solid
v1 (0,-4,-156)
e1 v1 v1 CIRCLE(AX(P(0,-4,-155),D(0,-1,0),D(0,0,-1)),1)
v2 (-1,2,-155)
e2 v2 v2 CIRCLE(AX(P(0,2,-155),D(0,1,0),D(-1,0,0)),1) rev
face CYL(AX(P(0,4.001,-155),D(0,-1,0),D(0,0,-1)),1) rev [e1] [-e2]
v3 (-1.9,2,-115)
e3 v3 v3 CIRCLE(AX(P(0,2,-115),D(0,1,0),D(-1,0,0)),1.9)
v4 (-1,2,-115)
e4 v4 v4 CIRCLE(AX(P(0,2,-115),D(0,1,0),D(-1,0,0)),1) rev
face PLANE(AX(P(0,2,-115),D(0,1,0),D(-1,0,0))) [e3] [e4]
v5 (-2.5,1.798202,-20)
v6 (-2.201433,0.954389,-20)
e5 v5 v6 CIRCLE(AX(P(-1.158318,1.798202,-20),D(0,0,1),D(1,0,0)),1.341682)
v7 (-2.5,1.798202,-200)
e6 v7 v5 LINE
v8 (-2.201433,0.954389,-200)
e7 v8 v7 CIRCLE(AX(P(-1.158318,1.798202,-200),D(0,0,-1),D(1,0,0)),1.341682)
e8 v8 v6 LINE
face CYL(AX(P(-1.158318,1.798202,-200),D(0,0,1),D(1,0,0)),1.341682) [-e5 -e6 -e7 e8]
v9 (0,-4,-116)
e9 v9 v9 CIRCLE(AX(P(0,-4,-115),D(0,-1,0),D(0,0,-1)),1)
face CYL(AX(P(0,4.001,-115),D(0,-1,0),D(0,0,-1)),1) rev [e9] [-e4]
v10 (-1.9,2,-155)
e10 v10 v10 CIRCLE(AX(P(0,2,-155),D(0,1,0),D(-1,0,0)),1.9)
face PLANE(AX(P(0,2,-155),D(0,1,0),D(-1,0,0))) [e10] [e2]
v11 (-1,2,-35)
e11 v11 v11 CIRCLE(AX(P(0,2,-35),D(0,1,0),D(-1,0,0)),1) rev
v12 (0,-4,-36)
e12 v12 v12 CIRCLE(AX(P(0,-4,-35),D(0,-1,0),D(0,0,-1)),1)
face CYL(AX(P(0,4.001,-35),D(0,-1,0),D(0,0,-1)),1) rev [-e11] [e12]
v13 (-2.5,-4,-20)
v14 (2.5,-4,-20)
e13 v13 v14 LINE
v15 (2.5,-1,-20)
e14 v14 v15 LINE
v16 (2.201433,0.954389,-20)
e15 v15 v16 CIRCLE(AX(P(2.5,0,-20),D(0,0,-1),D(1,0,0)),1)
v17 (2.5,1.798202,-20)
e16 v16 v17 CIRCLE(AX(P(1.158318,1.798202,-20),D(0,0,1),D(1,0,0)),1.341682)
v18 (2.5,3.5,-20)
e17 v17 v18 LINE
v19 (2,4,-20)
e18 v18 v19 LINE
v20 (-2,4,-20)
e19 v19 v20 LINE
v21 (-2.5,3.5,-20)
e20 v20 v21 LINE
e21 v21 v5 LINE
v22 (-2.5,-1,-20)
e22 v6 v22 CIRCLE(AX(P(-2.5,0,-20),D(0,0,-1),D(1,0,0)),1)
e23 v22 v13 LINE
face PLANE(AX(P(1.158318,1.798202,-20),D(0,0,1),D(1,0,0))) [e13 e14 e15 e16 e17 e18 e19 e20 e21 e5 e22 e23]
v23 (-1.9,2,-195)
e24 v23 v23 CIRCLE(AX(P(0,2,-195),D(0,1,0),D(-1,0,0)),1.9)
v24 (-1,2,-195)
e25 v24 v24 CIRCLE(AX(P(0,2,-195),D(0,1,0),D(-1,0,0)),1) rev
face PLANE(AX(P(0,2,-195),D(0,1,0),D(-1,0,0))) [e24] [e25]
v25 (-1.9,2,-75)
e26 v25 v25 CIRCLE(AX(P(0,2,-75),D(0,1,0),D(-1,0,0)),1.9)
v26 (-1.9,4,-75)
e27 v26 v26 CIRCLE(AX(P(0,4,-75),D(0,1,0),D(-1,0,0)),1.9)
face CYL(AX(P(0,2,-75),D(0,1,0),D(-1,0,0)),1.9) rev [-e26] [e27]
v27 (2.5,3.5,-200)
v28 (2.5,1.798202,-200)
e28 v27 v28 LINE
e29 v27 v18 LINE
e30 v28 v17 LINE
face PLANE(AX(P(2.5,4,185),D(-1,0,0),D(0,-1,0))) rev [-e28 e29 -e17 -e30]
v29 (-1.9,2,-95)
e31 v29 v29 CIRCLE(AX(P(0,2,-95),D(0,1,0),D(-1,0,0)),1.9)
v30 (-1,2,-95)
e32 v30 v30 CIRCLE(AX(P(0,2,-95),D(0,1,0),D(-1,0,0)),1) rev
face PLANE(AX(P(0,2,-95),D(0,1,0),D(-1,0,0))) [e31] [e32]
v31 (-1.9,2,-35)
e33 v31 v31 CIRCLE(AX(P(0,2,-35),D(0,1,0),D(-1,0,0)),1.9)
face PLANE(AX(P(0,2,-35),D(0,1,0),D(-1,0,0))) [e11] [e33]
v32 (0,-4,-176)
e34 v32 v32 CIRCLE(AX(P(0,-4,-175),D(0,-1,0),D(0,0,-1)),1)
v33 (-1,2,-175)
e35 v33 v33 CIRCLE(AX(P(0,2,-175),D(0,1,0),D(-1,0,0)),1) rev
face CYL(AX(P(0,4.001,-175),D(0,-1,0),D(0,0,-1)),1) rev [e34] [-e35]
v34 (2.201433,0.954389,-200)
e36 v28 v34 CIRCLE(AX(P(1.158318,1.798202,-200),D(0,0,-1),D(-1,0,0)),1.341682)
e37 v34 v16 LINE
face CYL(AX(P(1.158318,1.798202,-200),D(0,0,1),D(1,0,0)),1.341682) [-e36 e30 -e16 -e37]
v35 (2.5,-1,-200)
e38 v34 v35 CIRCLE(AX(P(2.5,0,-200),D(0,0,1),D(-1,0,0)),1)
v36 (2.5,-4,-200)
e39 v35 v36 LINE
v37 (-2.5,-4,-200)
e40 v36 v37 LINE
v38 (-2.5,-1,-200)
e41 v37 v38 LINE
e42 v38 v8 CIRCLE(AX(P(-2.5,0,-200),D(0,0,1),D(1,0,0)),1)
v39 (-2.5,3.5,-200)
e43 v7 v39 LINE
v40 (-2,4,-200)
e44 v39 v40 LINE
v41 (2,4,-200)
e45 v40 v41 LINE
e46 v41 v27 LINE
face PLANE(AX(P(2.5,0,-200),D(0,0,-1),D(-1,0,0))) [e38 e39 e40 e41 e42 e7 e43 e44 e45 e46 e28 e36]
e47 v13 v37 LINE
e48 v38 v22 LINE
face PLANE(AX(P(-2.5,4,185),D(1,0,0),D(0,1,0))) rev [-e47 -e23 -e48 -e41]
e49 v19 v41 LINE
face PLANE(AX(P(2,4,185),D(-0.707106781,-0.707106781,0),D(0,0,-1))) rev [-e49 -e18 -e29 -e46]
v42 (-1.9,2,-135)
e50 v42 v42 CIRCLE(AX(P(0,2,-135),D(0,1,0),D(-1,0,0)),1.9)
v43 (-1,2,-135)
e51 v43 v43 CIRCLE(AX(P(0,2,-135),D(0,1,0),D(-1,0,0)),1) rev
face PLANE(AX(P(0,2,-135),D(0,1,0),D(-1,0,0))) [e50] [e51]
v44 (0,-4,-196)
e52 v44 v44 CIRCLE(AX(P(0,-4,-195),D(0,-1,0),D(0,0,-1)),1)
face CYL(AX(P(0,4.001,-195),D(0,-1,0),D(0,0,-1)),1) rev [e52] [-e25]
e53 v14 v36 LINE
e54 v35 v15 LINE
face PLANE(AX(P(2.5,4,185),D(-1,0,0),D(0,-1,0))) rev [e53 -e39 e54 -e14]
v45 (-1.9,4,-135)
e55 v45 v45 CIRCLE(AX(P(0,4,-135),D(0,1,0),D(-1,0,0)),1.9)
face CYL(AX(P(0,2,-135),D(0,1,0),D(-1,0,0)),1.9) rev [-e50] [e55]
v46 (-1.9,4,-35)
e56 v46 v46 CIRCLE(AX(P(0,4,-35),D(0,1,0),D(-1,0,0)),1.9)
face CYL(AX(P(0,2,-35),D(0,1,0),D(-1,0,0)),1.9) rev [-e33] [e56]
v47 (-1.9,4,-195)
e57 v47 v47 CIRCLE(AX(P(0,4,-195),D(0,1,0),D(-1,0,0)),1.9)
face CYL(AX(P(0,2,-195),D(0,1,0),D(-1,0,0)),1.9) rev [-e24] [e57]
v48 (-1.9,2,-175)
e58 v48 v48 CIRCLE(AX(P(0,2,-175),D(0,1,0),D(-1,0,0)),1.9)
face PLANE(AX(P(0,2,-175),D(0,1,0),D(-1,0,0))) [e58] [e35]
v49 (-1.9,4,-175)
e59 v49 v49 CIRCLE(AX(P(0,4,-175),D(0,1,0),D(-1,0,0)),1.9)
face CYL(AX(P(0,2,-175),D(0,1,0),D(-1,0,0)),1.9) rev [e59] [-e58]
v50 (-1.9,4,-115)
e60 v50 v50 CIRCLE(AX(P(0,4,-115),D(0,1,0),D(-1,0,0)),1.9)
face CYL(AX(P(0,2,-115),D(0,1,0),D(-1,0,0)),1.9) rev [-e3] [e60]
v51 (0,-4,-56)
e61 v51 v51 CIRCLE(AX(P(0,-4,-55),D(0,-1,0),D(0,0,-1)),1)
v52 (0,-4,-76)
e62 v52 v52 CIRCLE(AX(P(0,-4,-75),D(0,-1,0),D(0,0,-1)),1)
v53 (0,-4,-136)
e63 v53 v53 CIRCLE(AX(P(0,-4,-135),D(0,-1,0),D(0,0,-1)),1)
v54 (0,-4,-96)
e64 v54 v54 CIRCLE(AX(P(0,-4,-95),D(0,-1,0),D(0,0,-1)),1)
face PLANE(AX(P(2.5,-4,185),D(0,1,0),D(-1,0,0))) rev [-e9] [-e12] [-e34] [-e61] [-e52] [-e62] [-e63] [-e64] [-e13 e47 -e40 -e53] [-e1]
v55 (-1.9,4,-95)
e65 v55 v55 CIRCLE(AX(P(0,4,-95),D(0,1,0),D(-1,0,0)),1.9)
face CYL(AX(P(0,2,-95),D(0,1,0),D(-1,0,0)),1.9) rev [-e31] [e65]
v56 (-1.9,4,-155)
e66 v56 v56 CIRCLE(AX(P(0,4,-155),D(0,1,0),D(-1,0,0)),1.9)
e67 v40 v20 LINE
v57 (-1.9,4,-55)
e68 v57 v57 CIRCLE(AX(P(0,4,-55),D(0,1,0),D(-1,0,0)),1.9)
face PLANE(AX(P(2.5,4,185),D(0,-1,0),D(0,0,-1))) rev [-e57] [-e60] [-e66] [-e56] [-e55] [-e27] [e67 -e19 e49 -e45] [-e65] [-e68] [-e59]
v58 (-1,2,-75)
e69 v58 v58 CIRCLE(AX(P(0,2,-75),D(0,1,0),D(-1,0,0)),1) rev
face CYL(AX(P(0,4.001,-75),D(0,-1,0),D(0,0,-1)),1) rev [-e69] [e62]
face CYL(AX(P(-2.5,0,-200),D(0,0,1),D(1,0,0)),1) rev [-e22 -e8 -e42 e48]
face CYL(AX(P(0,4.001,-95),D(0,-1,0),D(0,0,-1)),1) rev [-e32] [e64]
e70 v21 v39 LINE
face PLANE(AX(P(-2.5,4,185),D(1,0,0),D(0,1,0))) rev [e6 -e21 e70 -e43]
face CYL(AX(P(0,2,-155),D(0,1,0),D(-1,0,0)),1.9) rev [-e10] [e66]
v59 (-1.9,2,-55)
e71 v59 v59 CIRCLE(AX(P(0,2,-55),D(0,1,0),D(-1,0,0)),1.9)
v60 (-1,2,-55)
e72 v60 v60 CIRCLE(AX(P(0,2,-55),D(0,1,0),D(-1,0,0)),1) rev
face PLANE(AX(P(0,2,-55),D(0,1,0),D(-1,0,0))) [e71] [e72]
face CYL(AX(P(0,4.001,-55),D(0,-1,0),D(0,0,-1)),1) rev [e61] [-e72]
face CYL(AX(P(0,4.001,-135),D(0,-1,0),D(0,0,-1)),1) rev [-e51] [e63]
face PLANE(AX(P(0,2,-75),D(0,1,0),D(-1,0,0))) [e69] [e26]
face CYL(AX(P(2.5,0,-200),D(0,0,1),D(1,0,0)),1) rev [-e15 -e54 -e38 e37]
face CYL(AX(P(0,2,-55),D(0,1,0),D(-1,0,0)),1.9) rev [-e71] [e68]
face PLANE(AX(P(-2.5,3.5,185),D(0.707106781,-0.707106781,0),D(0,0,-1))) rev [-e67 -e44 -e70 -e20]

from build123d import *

# Parameters (mm, degrees)
SKETCH1_W           = 5
SKETCH1_H           = 8
BOSS_EXTRUDE1_DEPTH = 185
BOSS_EXTRUDE2_DEPTH = 200
SKETCH3_W           = 5
SKETCH3_H           = 8
CUT_EXTRUDE1_DEPTH  = 200
CUT_EXTRUDE2_REACH  = 202.176
SKETCH4_R           = 1
SKETCH5_R           = 1.9
CUT_EXTRUDE3_DEPTH  = 2
CHAMFER1_SIZE       = 0.5
CHAMFER2_SIZE       = 0.5
CUT_EXTRUDE4_DEPTH  = 5


with BuildPart() as part:
    # Sketch1 → Boss-Extrude1 (new body)
    with BuildSketch(Plane.XY):
        Rectangle(SKETCH1_W, SKETCH1_H)
    extrude(amount=BOSS_EXTRUDE1_DEPTH)

    # Sketch2 → Boss-Extrude2 (add)
    with BuildSketch(Plane(origin=(0, 0, 0), x_dir=(-1, 0, 0), z_dir=(0, 0, -1))):
        with BuildLine():
            Line((-2.5, 4), (-2.5, 1.798202453))
            ThreePointArc((-2.5, 1.798202453), (-2.423157727, 1.350663613), (-2.2014329, 0.954388646))
            ThreePointArc((-2.2014329, 0.954388646), (-1.511468603, -0.151015487), (-2.5, -1))
            Line((-2.5, -1), (-2.5, -4))
            Line((-2.5, -4), (2.5, -4))
            Line((2.5, -4), (2.5, -1))
            ThreePointArc((2.5, -1), (1.511468603, -0.151015487), (2.2014329, 0.954388646))
            ThreePointArc((2.2014329, 0.954388646), (2.423157727, 1.350663613), (2.5, 1.798202453))
            Line((2.5, 1.798202453), (2.5, 4))
            Line((2.5, 4), (-2.5, 4))
        make_face()
    extrude(amount=BOSS_EXTRUDE2_DEPTH)

    # Sketch3 → Cut-Extrude1 (cut)
    with BuildSketch(Plane.XY.offset(185)):
        Rectangle(SKETCH3_W, SKETCH3_H)
    extrude(amount=-CUT_EXTRUDE1_DEPTH, mode=Mode.SUBTRACT)

    # Sketch4 → Cut-Extrude2 (cut, up to next)
    with BuildSketch(Plane.XZ.offset(4), mode=Mode.PRIVATE) as cut_extrude2_sk1:
        with Locations(Location((0, -35, 0), (0, 0, 270))):
            Circle(SKETCH4_R)
    cut_extrude2_tool1 = extrude(cut_extrude2_sk1.sketch, amount=-CUT_EXTRUDE2_REACH, mode=Mode.PRIVATE) & part.part
    # Sketch4 → Cut-Extrude2 (cut, up to next)
    with BuildSketch(Plane.XZ.offset(4), mode=Mode.PRIVATE) as cut_extrude2_sk2:
        with Locations(Location((0, -55, 0), (0, 0, 270))):
            Circle(SKETCH4_R)
    cut_extrude2_tool2 = extrude(cut_extrude2_sk2.sketch, amount=-CUT_EXTRUDE2_REACH, mode=Mode.PRIVATE) & part.part
    # Sketch4 → Cut-Extrude2 (cut, up to next)
    with BuildSketch(Plane.XZ.offset(4), mode=Mode.PRIVATE) as cut_extrude2_sk3:
        with Locations(Location((0, -75, 0), (0, 0, 270))):
            Circle(SKETCH4_R)
    cut_extrude2_tool3 = extrude(cut_extrude2_sk3.sketch, amount=-CUT_EXTRUDE2_REACH, mode=Mode.PRIVATE) & part.part
    # Sketch4 → Cut-Extrude2 (cut, up to next)
    with BuildSketch(Plane.XZ.offset(4), mode=Mode.PRIVATE) as cut_extrude2_sk4:
        with Locations(Location((0, -95, 0), (0, 0, 270))):
            Circle(SKETCH4_R)
    cut_extrude2_tool4 = extrude(cut_extrude2_sk4.sketch, amount=-CUT_EXTRUDE2_REACH, mode=Mode.PRIVATE) & part.part
    # Sketch4 → Cut-Extrude2 (cut, up to next)
    with BuildSketch(Plane.XZ.offset(4), mode=Mode.PRIVATE) as cut_extrude2_sk5:
        with Locations(Location((0, -115, 0), (0, 0, 270))):
            Circle(SKETCH4_R)
    cut_extrude2_tool5 = extrude(cut_extrude2_sk5.sketch, amount=-CUT_EXTRUDE2_REACH, mode=Mode.PRIVATE) & part.part
    # Sketch4 → Cut-Extrude2 (cut, up to next)
    with BuildSketch(Plane.XZ.offset(4), mode=Mode.PRIVATE) as cut_extrude2_sk6:
        with Locations(Location((0, -135, 0), (0, 0, 270))):
            Circle(SKETCH4_R)
    cut_extrude2_tool6 = extrude(cut_extrude2_sk6.sketch, amount=-CUT_EXTRUDE2_REACH, mode=Mode.PRIVATE) & part.part
    # Sketch4 → Cut-Extrude2 (cut, up to next)
    with BuildSketch(Plane.XZ.offset(4), mode=Mode.PRIVATE) as cut_extrude2_sk7:
        with Locations(Location((0, -155, 0), (0, 0, 270))):
            Circle(SKETCH4_R)
    cut_extrude2_tool7 = extrude(cut_extrude2_sk7.sketch, amount=-CUT_EXTRUDE2_REACH, mode=Mode.PRIVATE) & part.part
    # Sketch4 → Cut-Extrude2 (cut, up to next)
    with BuildSketch(Plane.XZ.offset(4), mode=Mode.PRIVATE) as cut_extrude2_sk8:
        with Locations(Location((0, -175, 0), (0, 0, 270))):
            Circle(SKETCH4_R)
    cut_extrude2_tool8 = extrude(cut_extrude2_sk8.sketch, amount=-CUT_EXTRUDE2_REACH, mode=Mode.PRIVATE) & part.part
    # Sketch4 → Cut-Extrude2 (cut, up to next)
    with BuildSketch(Plane.XZ.offset(4), mode=Mode.PRIVATE) as cut_extrude2_sk9:
        with Locations(Location((0, -195, 0), (0, 0, 270))):
            Circle(SKETCH4_R)
    cut_extrude2_tool9 = extrude(cut_extrude2_sk9.sketch, amount=-CUT_EXTRUDE2_REACH, mode=Mode.PRIVATE) & part.part
    add(cut_extrude2_tool1.solids().sort_by_distance((0, -4, -35))[0], mode=Mode.SUBTRACT)
    add(cut_extrude2_tool2.solids().sort_by_distance((0, -4, -55))[0], mode=Mode.SUBTRACT)
    add(cut_extrude2_tool3.solids().sort_by_distance((0, -4, -75))[0], mode=Mode.SUBTRACT)
    add(cut_extrude2_tool4.solids().sort_by_distance((0, -4, -95))[0], mode=Mode.SUBTRACT)
    add(cut_extrude2_tool5.solids().sort_by_distance((0, -4, -115))[0], mode=Mode.SUBTRACT)
    add(cut_extrude2_tool6.solids().sort_by_distance((0, -4, -135))[0], mode=Mode.SUBTRACT)
    add(cut_extrude2_tool7.solids().sort_by_distance((0, -4, -155))[0], mode=Mode.SUBTRACT)
    add(cut_extrude2_tool8.solids().sort_by_distance((0, -4, -175))[0], mode=Mode.SUBTRACT)
    add(cut_extrude2_tool9.solids().sort_by_distance((0, -4, -195))[0], mode=Mode.SUBTRACT)

    # Sketch5 → Cut-Extrude3 (cut)
    with BuildSketch(Plane(origin=(0, 4, 0), x_dir=(1, 0, 0), z_dir=(0, 1, 0))):
        with Locations(Location((0, 195, 0), (0, 0, 180))):
            Circle(SKETCH5_R)
        with Locations(Location((0, 175, 0), (0, 0, 180))):
            Circle(SKETCH5_R)
        with Locations(Location((0, 155, 0), (0, 0, 180))):
            Circle(SKETCH5_R)
        with Locations(Location((0, 135, 0), (0, 0, 180))):
            Circle(SKETCH5_R)
        with Locations(Location((0, 115, 0), (0, 0, 180))):
            Circle(SKETCH5_R)
        with Locations(Location((0, 95, 0), (0, 0, 180))):
            Circle(SKETCH5_R)
        with Locations(Location((0, 75, 0), (0, 0, 180))):
            Circle(SKETCH5_R)
        with Locations(Location((0, 55, 0), (0, 0, 180))):
            Circle(SKETCH5_R)
        with Locations(Location((0, 35, 0), (0, 0, 180))):
            Circle(SKETCH5_R)
    extrude(amount=-CUT_EXTRUDE3_DEPTH, mode=Mode.SUBTRACT)

    # Chamfer1
    chamfer1_edges = [part.edges().sort_by_distance(p)[0] for p in [
        (-2.5, 4, -107.5),
    ]]
    chamfer(chamfer1_edges, length=CHAMFER1_SIZE)

    # Chamfer2
    chamfer2_edges = [part.edges().sort_by_distance(p)[0] for p in [
        (2.5, 4, -107.5),
    ]]
    chamfer(chamfer2_edges, length=CHAMFER2_SIZE)

    # Sketch6 → Cut-Extrude4 (cut)
    with BuildSketch(Plane.XY.offset(-15)):
        with BuildLine():
            Line((2.5, 1.798202453), (2.5, 3.5))
            Line((2.5, 3.5), (2, 4))
            Line((2, 4), (-2, 4))
            Line((-2, 4), (-2.5, 3.5))
            Line((-2.5, 3.5), (-2.5, 1.798202453))
            ThreePointArc((-2.5, 1.798202453), (-2.423157727, 1.350663613), (-2.2014329, 0.954388646))
            ThreePointArc((-2.2014329, 0.954388646), (-1.511468603, -0.151015487), (-2.5, -1))
            Line((-2.5, -1), (-2.5, -4))
            Line((-2.5, -4), (2.5, -4))
            Line((2.5, -4), (2.5, -1))
            ThreePointArc((2.5, -1), (1.511468603, -0.151015487), (2.2014329, 0.954388646))
            ThreePointArc((2.2014329, 0.954388646), (2.423157727, 1.350663613), (2.5, 1.798202453))
        make_face()
    extrude(amount=-CUT_EXTRUDE4_DEPTH, mode=Mode.SUBTRACT)


solid = part.part
